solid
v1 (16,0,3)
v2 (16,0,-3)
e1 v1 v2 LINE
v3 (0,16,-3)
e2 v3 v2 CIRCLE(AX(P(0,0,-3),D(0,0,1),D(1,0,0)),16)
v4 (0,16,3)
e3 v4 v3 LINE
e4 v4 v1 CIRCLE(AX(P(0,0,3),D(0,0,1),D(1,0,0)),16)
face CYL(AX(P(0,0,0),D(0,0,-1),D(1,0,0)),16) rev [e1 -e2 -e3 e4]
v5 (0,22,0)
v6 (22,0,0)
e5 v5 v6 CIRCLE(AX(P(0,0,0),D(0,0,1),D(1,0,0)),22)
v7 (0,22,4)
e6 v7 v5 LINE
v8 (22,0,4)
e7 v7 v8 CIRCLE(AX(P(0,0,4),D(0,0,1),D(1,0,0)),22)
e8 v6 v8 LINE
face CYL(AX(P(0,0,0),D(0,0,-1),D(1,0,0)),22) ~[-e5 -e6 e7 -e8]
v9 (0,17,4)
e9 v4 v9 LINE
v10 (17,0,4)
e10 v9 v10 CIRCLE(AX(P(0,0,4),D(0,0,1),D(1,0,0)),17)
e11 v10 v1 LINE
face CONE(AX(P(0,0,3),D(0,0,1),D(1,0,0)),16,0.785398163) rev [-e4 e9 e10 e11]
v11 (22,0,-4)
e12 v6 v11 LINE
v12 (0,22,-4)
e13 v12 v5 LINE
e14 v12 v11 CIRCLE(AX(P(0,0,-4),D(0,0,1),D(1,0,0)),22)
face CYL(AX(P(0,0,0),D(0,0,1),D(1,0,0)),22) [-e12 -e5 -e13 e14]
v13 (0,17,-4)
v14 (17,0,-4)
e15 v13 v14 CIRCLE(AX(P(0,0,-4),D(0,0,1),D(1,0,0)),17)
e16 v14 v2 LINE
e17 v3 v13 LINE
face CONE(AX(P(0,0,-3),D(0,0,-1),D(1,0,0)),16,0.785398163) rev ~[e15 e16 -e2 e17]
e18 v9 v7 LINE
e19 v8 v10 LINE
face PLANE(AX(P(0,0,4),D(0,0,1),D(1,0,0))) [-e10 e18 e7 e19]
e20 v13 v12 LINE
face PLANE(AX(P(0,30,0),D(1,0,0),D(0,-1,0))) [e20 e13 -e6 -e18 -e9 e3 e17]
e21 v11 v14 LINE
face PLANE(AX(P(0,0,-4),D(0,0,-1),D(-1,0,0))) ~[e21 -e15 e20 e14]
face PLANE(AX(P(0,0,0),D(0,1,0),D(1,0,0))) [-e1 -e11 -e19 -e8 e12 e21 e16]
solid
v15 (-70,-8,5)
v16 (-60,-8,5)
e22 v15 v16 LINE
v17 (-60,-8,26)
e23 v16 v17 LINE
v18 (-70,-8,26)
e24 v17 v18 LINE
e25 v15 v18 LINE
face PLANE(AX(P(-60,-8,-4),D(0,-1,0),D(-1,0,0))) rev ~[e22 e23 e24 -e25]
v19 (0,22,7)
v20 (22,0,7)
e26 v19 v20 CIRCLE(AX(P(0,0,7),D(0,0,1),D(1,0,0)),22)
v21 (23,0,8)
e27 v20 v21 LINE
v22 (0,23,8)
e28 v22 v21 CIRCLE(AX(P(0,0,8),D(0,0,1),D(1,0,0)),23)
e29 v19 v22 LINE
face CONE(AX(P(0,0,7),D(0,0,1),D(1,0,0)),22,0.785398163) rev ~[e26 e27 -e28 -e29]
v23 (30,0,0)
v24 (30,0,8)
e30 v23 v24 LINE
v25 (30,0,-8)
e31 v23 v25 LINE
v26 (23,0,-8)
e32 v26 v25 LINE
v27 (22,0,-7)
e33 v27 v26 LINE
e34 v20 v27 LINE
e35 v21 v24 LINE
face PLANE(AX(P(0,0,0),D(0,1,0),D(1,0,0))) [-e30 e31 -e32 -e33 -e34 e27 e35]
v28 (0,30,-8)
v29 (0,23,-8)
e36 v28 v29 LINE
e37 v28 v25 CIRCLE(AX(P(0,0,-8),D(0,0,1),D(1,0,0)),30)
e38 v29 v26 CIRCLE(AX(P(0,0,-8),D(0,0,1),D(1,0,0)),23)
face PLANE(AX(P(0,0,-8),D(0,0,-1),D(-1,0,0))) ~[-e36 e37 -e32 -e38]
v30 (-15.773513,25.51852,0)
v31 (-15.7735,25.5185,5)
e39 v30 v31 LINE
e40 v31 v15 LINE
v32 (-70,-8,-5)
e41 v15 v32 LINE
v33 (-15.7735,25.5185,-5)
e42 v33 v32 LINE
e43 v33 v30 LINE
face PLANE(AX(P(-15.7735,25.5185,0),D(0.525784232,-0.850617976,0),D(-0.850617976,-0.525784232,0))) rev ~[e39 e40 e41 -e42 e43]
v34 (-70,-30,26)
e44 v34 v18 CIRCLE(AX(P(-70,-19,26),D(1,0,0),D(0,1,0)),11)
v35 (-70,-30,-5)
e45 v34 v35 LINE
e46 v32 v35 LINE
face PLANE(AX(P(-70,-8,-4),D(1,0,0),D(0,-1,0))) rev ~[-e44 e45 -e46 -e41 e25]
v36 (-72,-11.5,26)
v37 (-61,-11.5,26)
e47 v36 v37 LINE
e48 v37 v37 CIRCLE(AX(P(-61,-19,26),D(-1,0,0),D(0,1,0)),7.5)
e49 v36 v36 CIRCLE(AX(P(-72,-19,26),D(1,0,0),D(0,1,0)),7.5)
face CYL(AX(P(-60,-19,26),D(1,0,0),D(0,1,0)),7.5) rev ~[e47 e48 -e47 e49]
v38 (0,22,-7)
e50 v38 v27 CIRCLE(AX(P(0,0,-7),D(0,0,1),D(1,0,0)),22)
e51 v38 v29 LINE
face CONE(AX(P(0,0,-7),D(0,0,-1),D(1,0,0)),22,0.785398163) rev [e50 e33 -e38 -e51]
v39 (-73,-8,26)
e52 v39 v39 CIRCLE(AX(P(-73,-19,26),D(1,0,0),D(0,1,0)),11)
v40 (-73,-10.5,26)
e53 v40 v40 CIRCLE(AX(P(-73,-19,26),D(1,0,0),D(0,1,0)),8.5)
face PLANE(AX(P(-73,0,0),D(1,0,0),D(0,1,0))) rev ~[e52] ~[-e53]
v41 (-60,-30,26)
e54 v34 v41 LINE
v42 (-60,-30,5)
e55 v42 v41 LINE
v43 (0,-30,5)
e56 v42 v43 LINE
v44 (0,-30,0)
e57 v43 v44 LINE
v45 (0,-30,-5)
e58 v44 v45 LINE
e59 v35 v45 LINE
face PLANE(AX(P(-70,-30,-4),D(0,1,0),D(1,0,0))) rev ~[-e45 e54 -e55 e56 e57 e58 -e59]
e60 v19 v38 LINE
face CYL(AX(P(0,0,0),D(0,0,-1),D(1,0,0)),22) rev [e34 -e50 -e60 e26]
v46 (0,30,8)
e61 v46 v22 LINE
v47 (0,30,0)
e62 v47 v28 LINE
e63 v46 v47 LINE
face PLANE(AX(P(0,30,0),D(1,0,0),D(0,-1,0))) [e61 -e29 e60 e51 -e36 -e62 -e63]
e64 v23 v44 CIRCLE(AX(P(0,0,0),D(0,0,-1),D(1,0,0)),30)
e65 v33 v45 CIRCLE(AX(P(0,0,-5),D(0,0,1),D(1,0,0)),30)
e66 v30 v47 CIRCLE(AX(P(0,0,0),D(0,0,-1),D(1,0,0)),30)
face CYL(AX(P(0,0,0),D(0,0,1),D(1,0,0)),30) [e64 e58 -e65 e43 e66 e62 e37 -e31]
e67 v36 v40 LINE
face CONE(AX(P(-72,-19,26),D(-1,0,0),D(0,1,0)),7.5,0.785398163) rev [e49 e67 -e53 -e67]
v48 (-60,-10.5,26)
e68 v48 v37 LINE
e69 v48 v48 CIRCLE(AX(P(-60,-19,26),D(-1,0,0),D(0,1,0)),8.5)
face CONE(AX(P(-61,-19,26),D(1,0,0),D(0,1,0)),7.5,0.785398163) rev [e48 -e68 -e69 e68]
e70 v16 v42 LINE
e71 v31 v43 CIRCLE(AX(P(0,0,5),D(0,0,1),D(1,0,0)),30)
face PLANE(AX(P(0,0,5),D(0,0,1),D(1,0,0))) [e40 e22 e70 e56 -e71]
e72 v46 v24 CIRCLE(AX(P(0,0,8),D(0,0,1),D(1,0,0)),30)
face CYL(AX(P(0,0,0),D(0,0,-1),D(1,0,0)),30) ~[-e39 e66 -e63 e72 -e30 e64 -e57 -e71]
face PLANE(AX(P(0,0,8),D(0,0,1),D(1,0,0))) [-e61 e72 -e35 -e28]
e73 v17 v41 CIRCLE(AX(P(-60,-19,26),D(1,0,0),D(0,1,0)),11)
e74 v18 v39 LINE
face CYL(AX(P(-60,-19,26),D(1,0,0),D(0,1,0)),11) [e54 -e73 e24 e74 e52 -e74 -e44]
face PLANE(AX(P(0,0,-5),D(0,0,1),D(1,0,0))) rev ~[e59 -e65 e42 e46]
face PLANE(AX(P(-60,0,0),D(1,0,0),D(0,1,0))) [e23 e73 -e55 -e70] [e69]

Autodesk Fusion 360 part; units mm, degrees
sketch "스케치1" plane through (0, 0, 0) normal (0, 0, 1) x (1, 0, 0)
  circle A0 centre (0, 0) radius 16
  circle A1 centre (0, 0) radius 22
  circle A2 centre (0, 0) radius 30
  line L0 (0, 0) -> (0, -30) construction
  line L1 (-15.7735, 25.5185) -> (-70, -8)
  line L2 (-70, -8) -> (-70, -30)
  line L3 (-70, -30) -> (0, -30)
  dimension "d1" = 32
  dimension "d2" = 44
  dimension "d3" = 60
  dimension "d18" = 70
  dimension "d19" = 22
extrude "돌출1" add sketch "스케치1" along normal blind 8 contours A2 makes body 1
extrude "돌출2" add sketch "스케치1" along normal blind 4 separate body contours A1 makes body 2
chamfer "챔퍼1" distance 1 angle 45 1 edges at (-20.5112, 7.9555, 8) on bodies 1
chamfer "챔퍼2" distance 1 angle 45 1 edges at (-14.9172, 5.7858, 4) measured on face at (19.8585, -1.8879, 4) on bodies 2
sketch "스케치2" plane through (0, 0, 0) normal (0, 0, 1) x (1, 0, 0)
  line L0 (0, 0) -> (30, 0)
  line L1 (30, 0) -> (30, 30)
  line L2 (30, 30) -> (0, 30)
  line L3 (0, 30) -> (0, 0)
  dimension "d11" = 30
  dimension "d12" = 30
mirror "미러2" about plane through (0, 0, 0) normal (0, 0, 1) of bodies 1 2 merged
extrude "돌출11" cut sketch "스케치2" along normal mid plane 16 bodies 1 2
extrude "돌출12" add sketch "스케치1" along normal mid plane 10 contours A2 L1 L2 L3 bodies 1
ref_plane "작업 평면3" through (0, 0, -4) normal (0, 0, -1) x (1, 0, 0)
sketch "스케치19" plane through (0, 0, -4) normal (0, 0, -1) x (-1, 0, 0)
  line L0 (70, -30) -> (60, -30)
  line L1 (60, -30) -> (60, -8)
  line L2 (60, -8) -> (70, -8)
  line L3 (70, -8) -> (70, -30)
  dimension "d75" = 10
  dimension "d76" = 22
  dimension "d77" = 70
  dimension "d78" = 30
extrude "돌출15" add sketch "스케치19" against normal blind 30 bodies 1
ref_plane "작업 평면4" through (-60, -19, 15.5) normal (1, 0, 0) x (0, 1, 0)
sketch "스케치20" plane through (-60, 0, 0) normal (1, 0, 0) x (0, 1, 0)
  circle A0 centre (-19, 26) radius 11
  circle A1 centre (-19, 26) radius 7.5
  line L0 (-30, 26) -> (-8, 26)
  dimension "d83" = 22
  dimension "d84" = 15
extrude "돌출16" add sketch "스케치20" against normal blind 13 contours A0 A1 L0 picked at (-26.783, 31.9678) bodies 1
extrude "돌출17" add sketch "스케치20" against normal blind 13 contours A0 A1 L0 picked at (-9.2355, 25.0809) bodies 1
extrude "돌출18" cut sketch "스케치20" against normal blind 10 contours A1 L0 picked at (-18.4437, 23.5627) bodies 1
chamfer "챔퍼3" distance 1 angle 45 1 edges at (-60, -25.9925, 28.7121) on bodies 1
chamfer "챔퍼4" distance 1 angle 45 1 edges at (-73, -25.9925, 23.2879) on bodies 1
